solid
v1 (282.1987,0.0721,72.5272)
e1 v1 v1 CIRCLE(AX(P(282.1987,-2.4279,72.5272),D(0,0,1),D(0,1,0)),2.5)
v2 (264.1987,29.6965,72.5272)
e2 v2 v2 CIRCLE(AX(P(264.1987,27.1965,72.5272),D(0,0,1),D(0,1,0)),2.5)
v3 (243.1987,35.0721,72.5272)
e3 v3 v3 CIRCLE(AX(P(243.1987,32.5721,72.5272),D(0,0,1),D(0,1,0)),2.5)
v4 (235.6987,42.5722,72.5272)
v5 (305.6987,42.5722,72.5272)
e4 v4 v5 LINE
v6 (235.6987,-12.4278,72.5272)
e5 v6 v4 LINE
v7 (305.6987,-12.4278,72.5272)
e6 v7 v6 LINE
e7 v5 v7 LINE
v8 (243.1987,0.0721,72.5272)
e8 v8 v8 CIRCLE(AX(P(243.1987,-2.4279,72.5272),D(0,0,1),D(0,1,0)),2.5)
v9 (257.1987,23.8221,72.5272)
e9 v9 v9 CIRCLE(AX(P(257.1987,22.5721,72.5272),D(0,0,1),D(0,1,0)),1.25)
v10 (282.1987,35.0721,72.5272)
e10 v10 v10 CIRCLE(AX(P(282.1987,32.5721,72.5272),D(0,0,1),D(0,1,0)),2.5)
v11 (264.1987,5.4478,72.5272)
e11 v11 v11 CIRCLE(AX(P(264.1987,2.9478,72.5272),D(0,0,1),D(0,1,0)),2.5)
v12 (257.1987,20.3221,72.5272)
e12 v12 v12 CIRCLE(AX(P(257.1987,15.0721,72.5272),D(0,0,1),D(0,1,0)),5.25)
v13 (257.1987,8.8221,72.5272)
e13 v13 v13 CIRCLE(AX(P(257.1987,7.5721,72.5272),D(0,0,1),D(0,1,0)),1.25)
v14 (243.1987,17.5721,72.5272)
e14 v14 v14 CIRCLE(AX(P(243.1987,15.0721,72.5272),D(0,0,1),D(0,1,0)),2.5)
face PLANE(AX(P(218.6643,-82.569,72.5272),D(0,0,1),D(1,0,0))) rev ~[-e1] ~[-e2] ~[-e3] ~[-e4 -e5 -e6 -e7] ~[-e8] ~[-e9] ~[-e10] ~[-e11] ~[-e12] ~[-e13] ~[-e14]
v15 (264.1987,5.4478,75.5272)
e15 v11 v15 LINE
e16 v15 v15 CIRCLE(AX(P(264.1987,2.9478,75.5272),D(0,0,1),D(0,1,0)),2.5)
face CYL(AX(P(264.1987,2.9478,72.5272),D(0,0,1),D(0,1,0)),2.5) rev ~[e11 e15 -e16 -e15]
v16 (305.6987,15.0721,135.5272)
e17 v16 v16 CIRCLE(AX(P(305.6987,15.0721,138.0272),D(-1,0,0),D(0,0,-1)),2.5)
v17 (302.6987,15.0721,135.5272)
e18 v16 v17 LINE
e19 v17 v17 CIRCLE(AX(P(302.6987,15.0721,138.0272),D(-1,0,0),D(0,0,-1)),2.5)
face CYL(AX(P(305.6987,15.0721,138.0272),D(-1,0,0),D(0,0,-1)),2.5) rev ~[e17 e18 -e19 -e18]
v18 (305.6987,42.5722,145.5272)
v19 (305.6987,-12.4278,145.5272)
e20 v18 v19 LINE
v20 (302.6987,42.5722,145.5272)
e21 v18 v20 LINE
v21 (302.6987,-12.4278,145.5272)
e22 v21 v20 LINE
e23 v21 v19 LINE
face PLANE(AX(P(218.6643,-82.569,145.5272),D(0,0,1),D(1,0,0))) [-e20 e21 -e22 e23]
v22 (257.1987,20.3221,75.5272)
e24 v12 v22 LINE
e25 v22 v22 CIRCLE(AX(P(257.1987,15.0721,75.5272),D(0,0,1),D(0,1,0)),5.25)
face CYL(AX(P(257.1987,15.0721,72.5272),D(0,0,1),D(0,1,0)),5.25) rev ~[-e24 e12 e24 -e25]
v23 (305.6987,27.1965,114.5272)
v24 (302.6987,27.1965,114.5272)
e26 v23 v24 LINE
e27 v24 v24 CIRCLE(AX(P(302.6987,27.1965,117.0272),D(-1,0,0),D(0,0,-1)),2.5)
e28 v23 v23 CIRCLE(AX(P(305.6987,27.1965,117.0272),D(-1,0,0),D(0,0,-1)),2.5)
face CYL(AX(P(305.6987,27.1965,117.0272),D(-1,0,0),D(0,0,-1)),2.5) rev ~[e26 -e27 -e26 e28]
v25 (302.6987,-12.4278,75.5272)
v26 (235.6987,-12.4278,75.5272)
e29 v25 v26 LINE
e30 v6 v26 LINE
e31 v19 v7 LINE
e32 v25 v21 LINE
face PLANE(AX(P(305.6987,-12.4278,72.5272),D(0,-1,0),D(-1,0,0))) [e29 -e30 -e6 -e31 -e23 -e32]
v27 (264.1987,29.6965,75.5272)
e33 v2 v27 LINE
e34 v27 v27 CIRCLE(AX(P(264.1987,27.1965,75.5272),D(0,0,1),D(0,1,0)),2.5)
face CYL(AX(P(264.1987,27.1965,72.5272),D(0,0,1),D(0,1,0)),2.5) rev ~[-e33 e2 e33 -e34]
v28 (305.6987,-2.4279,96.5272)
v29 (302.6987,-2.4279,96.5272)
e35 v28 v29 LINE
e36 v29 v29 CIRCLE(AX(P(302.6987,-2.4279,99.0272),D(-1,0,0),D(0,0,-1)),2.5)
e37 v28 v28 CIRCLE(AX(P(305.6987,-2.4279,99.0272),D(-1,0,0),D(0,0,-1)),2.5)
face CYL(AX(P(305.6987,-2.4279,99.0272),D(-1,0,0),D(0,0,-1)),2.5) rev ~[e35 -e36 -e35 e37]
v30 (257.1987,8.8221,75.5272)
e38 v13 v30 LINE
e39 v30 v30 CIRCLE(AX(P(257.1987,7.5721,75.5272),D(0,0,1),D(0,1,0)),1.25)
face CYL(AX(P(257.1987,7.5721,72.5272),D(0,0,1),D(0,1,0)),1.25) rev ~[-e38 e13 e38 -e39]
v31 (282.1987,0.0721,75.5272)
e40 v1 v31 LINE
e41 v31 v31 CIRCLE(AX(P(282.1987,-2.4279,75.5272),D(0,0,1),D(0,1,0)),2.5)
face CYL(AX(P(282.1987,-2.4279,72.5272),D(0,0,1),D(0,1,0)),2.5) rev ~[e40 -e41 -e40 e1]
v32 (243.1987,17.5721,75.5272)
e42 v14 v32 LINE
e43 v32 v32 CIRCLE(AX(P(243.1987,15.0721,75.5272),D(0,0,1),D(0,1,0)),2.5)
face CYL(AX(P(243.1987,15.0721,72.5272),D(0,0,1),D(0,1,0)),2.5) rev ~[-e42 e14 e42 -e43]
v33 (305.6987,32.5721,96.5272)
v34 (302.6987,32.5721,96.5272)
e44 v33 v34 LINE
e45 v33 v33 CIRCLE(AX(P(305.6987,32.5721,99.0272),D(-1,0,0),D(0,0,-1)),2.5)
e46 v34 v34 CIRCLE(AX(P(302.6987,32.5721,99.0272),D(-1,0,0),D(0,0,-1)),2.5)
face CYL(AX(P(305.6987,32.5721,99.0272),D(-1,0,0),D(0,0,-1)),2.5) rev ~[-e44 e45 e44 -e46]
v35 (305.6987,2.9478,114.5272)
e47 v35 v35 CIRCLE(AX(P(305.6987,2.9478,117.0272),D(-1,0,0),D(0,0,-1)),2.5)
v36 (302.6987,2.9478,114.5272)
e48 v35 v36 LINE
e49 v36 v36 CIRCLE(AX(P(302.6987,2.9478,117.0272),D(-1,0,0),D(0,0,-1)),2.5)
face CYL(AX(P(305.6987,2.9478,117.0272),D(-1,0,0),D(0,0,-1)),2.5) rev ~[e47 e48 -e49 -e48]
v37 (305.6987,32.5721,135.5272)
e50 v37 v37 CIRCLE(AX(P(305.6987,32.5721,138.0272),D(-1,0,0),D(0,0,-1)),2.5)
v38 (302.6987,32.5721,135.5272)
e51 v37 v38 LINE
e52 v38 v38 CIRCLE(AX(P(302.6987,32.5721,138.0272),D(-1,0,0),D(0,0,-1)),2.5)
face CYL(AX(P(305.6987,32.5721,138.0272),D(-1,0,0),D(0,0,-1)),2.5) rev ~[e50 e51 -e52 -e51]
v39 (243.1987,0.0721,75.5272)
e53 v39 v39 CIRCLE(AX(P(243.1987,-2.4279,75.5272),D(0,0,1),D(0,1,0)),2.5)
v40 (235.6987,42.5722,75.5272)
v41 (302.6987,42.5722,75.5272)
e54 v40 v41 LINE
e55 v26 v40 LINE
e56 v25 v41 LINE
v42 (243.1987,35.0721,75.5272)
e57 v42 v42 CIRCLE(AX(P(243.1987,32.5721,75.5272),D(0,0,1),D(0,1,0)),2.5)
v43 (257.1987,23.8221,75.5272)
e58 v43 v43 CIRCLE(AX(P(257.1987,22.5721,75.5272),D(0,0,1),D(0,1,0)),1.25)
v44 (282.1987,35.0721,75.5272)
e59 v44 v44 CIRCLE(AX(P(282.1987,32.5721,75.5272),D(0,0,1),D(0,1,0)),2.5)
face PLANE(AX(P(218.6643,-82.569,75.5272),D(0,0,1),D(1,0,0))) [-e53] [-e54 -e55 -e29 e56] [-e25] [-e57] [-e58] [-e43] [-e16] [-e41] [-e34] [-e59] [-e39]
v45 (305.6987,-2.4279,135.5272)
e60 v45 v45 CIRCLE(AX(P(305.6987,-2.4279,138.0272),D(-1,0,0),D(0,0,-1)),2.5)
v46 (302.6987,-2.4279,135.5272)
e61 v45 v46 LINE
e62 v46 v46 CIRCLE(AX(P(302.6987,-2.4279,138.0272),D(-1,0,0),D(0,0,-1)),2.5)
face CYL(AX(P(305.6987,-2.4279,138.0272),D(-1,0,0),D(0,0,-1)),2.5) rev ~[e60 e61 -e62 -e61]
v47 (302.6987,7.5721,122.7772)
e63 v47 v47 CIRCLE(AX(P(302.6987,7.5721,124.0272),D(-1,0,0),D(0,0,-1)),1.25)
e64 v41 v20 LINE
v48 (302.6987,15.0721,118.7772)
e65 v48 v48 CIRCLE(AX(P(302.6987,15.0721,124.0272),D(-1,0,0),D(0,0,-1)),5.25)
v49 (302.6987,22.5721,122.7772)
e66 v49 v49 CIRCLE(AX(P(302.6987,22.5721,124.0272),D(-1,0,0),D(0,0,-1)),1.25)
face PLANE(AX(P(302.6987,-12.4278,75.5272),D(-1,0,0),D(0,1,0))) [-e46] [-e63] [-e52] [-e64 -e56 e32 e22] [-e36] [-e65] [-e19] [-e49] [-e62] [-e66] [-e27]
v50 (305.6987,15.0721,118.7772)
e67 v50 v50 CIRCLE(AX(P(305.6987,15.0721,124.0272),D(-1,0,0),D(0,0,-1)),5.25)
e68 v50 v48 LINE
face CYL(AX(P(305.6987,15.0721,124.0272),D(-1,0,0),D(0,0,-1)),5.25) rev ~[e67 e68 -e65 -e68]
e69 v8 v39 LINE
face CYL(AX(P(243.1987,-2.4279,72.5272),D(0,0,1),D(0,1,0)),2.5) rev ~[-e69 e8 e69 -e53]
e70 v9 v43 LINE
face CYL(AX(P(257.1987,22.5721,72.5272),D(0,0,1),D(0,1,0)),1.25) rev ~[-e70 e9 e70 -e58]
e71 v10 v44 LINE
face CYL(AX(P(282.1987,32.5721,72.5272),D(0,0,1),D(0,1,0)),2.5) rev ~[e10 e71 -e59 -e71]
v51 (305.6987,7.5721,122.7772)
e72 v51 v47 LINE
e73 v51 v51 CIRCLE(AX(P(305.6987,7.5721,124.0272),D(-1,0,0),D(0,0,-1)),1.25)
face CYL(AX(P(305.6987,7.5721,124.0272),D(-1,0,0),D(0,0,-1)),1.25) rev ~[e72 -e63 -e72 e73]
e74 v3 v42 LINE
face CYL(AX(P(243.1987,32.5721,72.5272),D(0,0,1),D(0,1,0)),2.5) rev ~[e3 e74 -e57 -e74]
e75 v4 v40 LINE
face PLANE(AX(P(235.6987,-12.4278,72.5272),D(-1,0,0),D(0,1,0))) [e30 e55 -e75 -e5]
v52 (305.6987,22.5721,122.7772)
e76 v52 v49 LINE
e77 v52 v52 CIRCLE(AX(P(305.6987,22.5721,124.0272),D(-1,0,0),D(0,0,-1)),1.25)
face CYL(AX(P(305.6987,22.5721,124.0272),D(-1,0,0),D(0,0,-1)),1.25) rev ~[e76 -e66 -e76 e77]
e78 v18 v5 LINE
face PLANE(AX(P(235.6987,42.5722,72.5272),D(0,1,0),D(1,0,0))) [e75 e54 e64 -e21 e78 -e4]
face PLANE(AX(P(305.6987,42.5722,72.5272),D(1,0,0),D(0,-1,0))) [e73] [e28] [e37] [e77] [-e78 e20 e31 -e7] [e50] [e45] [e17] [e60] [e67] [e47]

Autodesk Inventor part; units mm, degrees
ref_plane "YZ Plane" through (0, 0, 0) normal (1, 0, 0) x (0, 1, 0)
ref_plane "XZ Plane" through (0, 0, 0) normal (0, 1, 0) x (-1, 0, 0)
ref_plane "Work Plane1" through (218.6643, -82.569, 72.5272) normal (0, 0, 1) x (1, 0, 0)
sketch "Sketch1" plane through (218.6643, -82.569, 72.5272) normal (0, 0, 1) x (1, 0, 0)
  line L0 (17.0344, 125.1412) -> (87.0344, 125.1412)
  line L1 (87.0344, 125.1412) -> (87.0344, 70.1412)
  line L2 (87.0344, 70.1412) -> (17.0344, 70.1412)
  line L3 (17.0344, 70.1412) -> (17.0344, 125.1412)
  point P0 (-218.6643, 82.569)
  dimension "Floor_Len" = 70
  dimension "Floor_Wid" = 55
extrude "Extrusion1" add sketch "Sketch1" along normal blind 3
sketch "Sketch2" plane through (218.6643, -82.569, 75.5272) normal (0, 0, 1) x (1, 0, 0)
  line L0 (17.0344, 70.1412) -> (87.0344, 70.1412) projected
  line L1 (87.0344, 125.1412) -> (17.0344, 125.1412) projected
  line L2 (87.0344, 70.1412) -> (84.0344, 70.1412)
  line L3 (84.0344, 70.1412) -> (84.0344, 125.1412)
  line L4 (84.0344, 125.1412) -> (87.0344, 125.1412)
  line L5 (87.0344, 125.1412) -> (87.0344, 70.1412)
  point P0 (-218.6643, 82.569)
  dimension "Tall_Thick" = 3
extrude "Extrusion2" add sketch "Sketch2" along normal blind 70
sketch "Sketch3" plane through (305.6987, -12.4279, 72.5272) normal (1, 0, 0) x (0, 0, -1)
  line L0 (0, 55) -> (-73, 55) projected
  line L1 (-73, 0) -> (-73, 55) projected
  point P0 (72.5272, 12.4279)
  point P1 (-51.5, 27.5)
  dimension "d40" = 21.5
  dimension "d41" = 27.5
hole "Hole1" at (305.6987, 15.0721, 124.0272) direction (-1, 0, 0) diameter 10.5 end through all
sketch "Sketch4" plane through (305.6987, -12.4279, 72.5272) normal (1, 0, 0) x (0, 0, -1)
  circle A0 centre (-51.5, 27.5) radius 5.3956
  circle A1 centre (-51.5, 27.5) radius 5.25 projected
  point P0 (72.5272, 12.4279)
  point P1 (-51.5, 20)
  point P2 (-51.5, 35)
  dimension "d46" = 7.5
  dimension "d47" = 7.5
hole "Hole2" at (305.6987, 7.5721, 124.0272) at (305.6987, 22.5721, 124.0272) direction (-1, 0, 0) diameter 2.5 end through all
sketch "Sketch5" plane through (305.6987, -12.4279, 72.5272) normal (1, 0, 0) x (0, 0, -1)
  circle A0 centre (-51.5, 27.5) radius 5.2922
  circle A1 centre (-51.5, 27.5) radius 5.25 projected
  line L0 (-65.5, 27.5) -> (-44.5, 39.6244)
  line L1 (-44.5, 39.6244) -> (-44.5, 15.3756)
  line L2 (-44.5, 15.3756) -> (-65.5, 27.5)
  point P0 (-65.5, 10)
  point P1 (-65.5, 45)
  point P2 (-26.5, 10)
  point P3 (-26.5, 45)
  dimension "d42" = 14
  dimension "d43" = 17.5
  dimension "d44" = 17.5
  dimension "d45" = 39
hole "Hole3" at (305.6987, -2.4279, 138.0272) at (305.6987, -2.4279, 99.0272) at (305.6987, 32.5721, 99.0272) at (305.6987, 32.5721, 138.0272) at (305.6987, 15.0721, 138.0272) at (305.6987, 2.9478, 117.0272) at (305.6987, 27.1965, 117.0272) direction (-1, 0, 0) diameter 5 end through all
sketch "Sketch6" plane through (242.6987, 66.5721, 72.5272) normal (0, 0, -1) x (0, 1, 0)
  line L0 (-24, -7) -> (-79, -7) projected
  line L1 (-24, 63) -> (-24, -7) projected
  point P0 (72.5272, 12.4279)
  point P1 (-51.5, 14.5)
  dimension "d77" = 21.5
  dimension "d78" = 27.5
hole "Hole4" at (257.1987, 15.0721, 72.5272) direction (0, 0, 1) diameter 10.5 end through all
sketch "Sketch7" plane through (270.6987, 15.0721, 72.5272) normal (0, 0, -1) x (-1, 0, 0)
  circle A0 centre (13.5, 0) radius 5.3956
  circle A1 centre (13.5, 0) radius 5.25 projected
  point P0 (72.5272, 12.4279)
  point P1 (13.5, -7.5)
  point P2 (13.5, 7.5)
  dimension "d59" = 7.5
  dimension "d58" = 7.5
hole "Hole5" at (257.1987, 7.5721, 72.5272) at (257.1987, 22.5721, 72.5272) direction (0, 0, 1) diameter 2.5 end through all
sketch "Sketch8" plane through (270.6987, 15.0721, 72.5272) normal (0, 0, -1) x (-1, 0, 0)
  line L0 (35, -27.5) -> (-32, -27.5) projected
  circle A0 centre (13.5, 0) radius 5.25
  circle A1 centre (13.5, 0) radius 5.25 projected
  line L1 (27.5, 0) -> (6.5, -12.1244)
  line L2 (6.5, -12.1244) -> (6.5, 12.1244)
  line L3 (6.5, 12.1244) -> (27.5, 0)
  point P0 (27.5, 17.5)
  point P1 (27.5, -17.5)
  point P2 (-11.5, 17.5)
  point P3 (-11.5, -17.5)
  dimension "d79" = 17.5
  dimension "d80" = 17.5
  dimension "d82" = 39
  dimension "d83" = 10
  dimension "d84" = 10.5
  dimension "d85" = 14
hole "Hole6" at (243.1987, 15.0721, 72.5272) at (243.1987, 32.5721, 72.5272) at (282.1987, 32.5721, 72.5272) at (282.1987, -2.4279, 72.5272) at (243.1987, -2.4279, 72.5272) at (264.1987, 27.1965, 72.5272) at (264.1987, 2.9478, 72.5272) direction (0, 0, 1) diameter 5 end through all
equation "\"d41\" = 0.5 * Floor_Wid"
equation "\"d78\" = 0.5 * Floor_Wid"
properties part number "Metal Braket" material "Aluminum 6061"
